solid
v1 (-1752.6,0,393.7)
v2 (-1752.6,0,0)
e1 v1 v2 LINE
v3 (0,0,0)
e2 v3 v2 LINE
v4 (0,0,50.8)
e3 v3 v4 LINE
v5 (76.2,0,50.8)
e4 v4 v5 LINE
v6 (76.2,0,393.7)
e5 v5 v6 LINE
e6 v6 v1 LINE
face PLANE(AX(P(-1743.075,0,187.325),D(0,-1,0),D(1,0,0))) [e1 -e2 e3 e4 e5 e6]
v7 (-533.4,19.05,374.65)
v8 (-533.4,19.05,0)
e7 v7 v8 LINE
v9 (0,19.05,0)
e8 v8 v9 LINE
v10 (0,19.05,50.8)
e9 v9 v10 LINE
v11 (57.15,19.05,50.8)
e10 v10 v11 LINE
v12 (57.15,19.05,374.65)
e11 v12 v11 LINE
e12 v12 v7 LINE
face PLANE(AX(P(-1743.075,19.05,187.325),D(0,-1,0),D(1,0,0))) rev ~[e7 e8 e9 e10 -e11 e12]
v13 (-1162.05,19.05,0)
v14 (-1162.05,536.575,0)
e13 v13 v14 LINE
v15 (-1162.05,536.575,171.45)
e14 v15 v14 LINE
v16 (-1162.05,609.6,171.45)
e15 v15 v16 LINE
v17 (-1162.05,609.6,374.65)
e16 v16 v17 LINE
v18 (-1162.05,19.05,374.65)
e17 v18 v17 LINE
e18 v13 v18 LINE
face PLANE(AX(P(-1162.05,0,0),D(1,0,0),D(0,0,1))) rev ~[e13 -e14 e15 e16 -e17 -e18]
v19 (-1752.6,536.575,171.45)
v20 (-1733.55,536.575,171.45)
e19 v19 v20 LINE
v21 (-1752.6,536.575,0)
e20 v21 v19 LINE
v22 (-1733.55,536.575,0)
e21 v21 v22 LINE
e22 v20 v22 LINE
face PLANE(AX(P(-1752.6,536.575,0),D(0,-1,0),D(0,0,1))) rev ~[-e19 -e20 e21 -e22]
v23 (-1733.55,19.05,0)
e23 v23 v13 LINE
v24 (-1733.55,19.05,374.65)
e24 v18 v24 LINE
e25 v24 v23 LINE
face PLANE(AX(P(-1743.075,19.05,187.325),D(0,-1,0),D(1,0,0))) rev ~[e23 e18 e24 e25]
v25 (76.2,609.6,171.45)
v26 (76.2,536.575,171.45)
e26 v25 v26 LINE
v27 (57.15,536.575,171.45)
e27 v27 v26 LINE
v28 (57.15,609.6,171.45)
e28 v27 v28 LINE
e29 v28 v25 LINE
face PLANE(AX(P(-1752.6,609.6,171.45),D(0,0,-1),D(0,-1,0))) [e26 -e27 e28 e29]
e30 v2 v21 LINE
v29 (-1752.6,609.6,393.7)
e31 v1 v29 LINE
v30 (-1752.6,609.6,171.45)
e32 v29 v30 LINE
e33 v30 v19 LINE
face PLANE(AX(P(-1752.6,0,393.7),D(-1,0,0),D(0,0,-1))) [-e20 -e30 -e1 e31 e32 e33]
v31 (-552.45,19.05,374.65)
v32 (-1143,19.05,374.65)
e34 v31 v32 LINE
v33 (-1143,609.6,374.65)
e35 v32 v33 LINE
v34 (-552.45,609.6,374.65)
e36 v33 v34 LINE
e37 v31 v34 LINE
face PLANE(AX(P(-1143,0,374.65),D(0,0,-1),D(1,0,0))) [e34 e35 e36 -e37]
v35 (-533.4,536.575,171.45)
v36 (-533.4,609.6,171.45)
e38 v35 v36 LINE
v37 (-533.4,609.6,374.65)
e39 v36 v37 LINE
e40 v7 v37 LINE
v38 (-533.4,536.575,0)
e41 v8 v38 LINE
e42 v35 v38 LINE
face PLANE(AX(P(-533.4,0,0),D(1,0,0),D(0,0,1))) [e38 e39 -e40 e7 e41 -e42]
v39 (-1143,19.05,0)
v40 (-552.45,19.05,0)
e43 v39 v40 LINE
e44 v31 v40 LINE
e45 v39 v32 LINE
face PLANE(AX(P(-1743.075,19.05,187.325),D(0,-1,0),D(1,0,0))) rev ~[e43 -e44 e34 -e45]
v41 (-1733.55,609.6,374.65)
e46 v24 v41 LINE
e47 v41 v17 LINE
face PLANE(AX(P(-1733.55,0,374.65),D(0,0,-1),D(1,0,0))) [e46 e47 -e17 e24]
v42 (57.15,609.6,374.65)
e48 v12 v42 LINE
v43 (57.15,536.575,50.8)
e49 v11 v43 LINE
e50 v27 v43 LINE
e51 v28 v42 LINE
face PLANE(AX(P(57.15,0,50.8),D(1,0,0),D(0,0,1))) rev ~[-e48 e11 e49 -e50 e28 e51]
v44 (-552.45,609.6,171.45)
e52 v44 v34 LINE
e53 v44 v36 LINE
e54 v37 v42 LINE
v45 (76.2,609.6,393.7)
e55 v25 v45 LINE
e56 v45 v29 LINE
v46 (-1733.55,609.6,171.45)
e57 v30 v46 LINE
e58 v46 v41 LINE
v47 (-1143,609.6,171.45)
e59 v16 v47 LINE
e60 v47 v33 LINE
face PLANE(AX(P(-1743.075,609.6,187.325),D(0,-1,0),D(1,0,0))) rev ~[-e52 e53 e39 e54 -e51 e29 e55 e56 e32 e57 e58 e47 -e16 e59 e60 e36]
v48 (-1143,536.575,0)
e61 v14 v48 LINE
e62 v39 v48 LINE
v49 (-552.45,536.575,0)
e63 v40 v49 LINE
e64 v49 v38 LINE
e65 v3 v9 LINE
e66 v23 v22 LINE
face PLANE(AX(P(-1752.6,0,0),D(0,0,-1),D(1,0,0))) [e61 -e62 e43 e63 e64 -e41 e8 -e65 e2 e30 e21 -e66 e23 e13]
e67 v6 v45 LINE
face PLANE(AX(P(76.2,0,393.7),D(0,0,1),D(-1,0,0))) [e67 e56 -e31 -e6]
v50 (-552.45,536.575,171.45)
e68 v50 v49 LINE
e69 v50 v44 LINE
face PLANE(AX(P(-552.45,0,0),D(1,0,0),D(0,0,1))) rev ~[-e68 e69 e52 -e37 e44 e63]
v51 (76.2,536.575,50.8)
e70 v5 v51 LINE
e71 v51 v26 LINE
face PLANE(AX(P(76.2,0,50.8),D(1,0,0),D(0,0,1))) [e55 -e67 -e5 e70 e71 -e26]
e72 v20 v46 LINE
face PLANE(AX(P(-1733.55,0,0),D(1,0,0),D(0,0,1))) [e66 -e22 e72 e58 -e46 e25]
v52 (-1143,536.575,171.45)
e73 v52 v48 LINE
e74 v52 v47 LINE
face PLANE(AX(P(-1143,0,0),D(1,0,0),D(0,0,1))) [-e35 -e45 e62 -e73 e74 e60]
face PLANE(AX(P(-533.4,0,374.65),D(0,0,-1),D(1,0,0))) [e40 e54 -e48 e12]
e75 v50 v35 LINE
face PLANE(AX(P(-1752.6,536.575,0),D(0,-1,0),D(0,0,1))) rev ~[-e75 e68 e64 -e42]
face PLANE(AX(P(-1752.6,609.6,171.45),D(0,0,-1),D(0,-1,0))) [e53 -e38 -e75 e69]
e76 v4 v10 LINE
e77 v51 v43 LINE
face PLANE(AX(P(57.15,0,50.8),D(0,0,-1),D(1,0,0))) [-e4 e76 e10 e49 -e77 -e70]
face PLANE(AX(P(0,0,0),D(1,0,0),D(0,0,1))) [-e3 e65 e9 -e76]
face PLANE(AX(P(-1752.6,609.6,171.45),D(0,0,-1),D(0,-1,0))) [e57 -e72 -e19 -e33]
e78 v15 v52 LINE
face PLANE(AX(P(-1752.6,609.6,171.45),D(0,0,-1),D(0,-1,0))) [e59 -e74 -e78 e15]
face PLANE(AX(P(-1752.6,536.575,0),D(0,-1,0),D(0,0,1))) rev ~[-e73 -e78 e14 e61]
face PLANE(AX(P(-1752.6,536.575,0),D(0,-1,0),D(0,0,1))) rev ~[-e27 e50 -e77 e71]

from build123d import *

# Parameters (mm, degrees)
F0_W     = 19.05
F0_H     = 374.65
F0_H_2   = 323.85
F1_DEPTH = 609.6
F0_W_2   = 571.5
F0_W_3   = 590.55
F2_DEPTH = 19.05
F3_W     = 73.025
F3_H     = 171.45
F4_DEPTH = 1828.8


with BuildPart() as f1:
    # F0 (on Front) → F1 (new body)
    with BuildSketch(Plane.XZ):
        with Locations((-1743.075, 187.325)):
            Rectangle(F0_W, F0_H)
        Polygon((-552.45, 374.65), (-533.4, 374.65), (57.15, 374.65), (76.2, 374.65), (76.2, 393.7), (-1752.6, 393.7), (-1752.6, 374.65), (-1733.55, 374.65), (-1162.05, 374.65), (-1143, 374.65), align=None)
        with Locations((-1152.525, 187.325)):
            Rectangle(F0_W, F0_H)
        with Locations((-542.925, 187.325)):
            Rectangle(F0_W, F0_H)
        with Locations((66.675, 212.725)):
            Rectangle(F0_W, F0_H_2)
    extrude(amount=-F1_DEPTH)

    # F0 (on Front) → F2 (join)
    with BuildSketch(Plane.XZ):
        with Locations((-1743.075, 187.325)):
            Rectangle(F0_W, F0_H)
        with Locations((-1447.8, 187.325)):
            Rectangle(F0_W_2, F0_H)
        Polygon((-552.45, 374.65), (-533.4, 374.65), (57.15, 374.65), (76.2, 374.65), (76.2, 393.7), (-1752.6, 393.7), (-1752.6, 374.65), (-1733.55, 374.65), (-1162.05, 374.65), (-1143, 374.65), align=None)
        with Locations((-847.725, 187.325)):
            Rectangle(F0_W_3, F0_H)
        with Locations((-542.925, 187.325)):
            Rectangle(F0_W, F0_H)
        Polygon((-533.4, 0), (0, 0), (0, 50.8), (57.15, 50.8), (57.15, 374.65), (-533.4, 374.65), align=None)
        with Locations((66.675, 212.725)):
            Rectangle(F0_W, F0_H_2)
    extrude(amount=-F2_DEPTH)

    # F3 (on face) → F4 (cut, through all)
    with BuildSketch(Plane(origin=(-1752.6, 0, 0), x_dir=(0, -1, 0), z_dir=(-1, 0, 0))):
        with Locations((-573.0875, 85.725)):
            Rectangle(F3_W, F3_H)
    extrude(amount=-F4_DEPTH, mode=Mode.SUBTRACT)


solid = f1.part
